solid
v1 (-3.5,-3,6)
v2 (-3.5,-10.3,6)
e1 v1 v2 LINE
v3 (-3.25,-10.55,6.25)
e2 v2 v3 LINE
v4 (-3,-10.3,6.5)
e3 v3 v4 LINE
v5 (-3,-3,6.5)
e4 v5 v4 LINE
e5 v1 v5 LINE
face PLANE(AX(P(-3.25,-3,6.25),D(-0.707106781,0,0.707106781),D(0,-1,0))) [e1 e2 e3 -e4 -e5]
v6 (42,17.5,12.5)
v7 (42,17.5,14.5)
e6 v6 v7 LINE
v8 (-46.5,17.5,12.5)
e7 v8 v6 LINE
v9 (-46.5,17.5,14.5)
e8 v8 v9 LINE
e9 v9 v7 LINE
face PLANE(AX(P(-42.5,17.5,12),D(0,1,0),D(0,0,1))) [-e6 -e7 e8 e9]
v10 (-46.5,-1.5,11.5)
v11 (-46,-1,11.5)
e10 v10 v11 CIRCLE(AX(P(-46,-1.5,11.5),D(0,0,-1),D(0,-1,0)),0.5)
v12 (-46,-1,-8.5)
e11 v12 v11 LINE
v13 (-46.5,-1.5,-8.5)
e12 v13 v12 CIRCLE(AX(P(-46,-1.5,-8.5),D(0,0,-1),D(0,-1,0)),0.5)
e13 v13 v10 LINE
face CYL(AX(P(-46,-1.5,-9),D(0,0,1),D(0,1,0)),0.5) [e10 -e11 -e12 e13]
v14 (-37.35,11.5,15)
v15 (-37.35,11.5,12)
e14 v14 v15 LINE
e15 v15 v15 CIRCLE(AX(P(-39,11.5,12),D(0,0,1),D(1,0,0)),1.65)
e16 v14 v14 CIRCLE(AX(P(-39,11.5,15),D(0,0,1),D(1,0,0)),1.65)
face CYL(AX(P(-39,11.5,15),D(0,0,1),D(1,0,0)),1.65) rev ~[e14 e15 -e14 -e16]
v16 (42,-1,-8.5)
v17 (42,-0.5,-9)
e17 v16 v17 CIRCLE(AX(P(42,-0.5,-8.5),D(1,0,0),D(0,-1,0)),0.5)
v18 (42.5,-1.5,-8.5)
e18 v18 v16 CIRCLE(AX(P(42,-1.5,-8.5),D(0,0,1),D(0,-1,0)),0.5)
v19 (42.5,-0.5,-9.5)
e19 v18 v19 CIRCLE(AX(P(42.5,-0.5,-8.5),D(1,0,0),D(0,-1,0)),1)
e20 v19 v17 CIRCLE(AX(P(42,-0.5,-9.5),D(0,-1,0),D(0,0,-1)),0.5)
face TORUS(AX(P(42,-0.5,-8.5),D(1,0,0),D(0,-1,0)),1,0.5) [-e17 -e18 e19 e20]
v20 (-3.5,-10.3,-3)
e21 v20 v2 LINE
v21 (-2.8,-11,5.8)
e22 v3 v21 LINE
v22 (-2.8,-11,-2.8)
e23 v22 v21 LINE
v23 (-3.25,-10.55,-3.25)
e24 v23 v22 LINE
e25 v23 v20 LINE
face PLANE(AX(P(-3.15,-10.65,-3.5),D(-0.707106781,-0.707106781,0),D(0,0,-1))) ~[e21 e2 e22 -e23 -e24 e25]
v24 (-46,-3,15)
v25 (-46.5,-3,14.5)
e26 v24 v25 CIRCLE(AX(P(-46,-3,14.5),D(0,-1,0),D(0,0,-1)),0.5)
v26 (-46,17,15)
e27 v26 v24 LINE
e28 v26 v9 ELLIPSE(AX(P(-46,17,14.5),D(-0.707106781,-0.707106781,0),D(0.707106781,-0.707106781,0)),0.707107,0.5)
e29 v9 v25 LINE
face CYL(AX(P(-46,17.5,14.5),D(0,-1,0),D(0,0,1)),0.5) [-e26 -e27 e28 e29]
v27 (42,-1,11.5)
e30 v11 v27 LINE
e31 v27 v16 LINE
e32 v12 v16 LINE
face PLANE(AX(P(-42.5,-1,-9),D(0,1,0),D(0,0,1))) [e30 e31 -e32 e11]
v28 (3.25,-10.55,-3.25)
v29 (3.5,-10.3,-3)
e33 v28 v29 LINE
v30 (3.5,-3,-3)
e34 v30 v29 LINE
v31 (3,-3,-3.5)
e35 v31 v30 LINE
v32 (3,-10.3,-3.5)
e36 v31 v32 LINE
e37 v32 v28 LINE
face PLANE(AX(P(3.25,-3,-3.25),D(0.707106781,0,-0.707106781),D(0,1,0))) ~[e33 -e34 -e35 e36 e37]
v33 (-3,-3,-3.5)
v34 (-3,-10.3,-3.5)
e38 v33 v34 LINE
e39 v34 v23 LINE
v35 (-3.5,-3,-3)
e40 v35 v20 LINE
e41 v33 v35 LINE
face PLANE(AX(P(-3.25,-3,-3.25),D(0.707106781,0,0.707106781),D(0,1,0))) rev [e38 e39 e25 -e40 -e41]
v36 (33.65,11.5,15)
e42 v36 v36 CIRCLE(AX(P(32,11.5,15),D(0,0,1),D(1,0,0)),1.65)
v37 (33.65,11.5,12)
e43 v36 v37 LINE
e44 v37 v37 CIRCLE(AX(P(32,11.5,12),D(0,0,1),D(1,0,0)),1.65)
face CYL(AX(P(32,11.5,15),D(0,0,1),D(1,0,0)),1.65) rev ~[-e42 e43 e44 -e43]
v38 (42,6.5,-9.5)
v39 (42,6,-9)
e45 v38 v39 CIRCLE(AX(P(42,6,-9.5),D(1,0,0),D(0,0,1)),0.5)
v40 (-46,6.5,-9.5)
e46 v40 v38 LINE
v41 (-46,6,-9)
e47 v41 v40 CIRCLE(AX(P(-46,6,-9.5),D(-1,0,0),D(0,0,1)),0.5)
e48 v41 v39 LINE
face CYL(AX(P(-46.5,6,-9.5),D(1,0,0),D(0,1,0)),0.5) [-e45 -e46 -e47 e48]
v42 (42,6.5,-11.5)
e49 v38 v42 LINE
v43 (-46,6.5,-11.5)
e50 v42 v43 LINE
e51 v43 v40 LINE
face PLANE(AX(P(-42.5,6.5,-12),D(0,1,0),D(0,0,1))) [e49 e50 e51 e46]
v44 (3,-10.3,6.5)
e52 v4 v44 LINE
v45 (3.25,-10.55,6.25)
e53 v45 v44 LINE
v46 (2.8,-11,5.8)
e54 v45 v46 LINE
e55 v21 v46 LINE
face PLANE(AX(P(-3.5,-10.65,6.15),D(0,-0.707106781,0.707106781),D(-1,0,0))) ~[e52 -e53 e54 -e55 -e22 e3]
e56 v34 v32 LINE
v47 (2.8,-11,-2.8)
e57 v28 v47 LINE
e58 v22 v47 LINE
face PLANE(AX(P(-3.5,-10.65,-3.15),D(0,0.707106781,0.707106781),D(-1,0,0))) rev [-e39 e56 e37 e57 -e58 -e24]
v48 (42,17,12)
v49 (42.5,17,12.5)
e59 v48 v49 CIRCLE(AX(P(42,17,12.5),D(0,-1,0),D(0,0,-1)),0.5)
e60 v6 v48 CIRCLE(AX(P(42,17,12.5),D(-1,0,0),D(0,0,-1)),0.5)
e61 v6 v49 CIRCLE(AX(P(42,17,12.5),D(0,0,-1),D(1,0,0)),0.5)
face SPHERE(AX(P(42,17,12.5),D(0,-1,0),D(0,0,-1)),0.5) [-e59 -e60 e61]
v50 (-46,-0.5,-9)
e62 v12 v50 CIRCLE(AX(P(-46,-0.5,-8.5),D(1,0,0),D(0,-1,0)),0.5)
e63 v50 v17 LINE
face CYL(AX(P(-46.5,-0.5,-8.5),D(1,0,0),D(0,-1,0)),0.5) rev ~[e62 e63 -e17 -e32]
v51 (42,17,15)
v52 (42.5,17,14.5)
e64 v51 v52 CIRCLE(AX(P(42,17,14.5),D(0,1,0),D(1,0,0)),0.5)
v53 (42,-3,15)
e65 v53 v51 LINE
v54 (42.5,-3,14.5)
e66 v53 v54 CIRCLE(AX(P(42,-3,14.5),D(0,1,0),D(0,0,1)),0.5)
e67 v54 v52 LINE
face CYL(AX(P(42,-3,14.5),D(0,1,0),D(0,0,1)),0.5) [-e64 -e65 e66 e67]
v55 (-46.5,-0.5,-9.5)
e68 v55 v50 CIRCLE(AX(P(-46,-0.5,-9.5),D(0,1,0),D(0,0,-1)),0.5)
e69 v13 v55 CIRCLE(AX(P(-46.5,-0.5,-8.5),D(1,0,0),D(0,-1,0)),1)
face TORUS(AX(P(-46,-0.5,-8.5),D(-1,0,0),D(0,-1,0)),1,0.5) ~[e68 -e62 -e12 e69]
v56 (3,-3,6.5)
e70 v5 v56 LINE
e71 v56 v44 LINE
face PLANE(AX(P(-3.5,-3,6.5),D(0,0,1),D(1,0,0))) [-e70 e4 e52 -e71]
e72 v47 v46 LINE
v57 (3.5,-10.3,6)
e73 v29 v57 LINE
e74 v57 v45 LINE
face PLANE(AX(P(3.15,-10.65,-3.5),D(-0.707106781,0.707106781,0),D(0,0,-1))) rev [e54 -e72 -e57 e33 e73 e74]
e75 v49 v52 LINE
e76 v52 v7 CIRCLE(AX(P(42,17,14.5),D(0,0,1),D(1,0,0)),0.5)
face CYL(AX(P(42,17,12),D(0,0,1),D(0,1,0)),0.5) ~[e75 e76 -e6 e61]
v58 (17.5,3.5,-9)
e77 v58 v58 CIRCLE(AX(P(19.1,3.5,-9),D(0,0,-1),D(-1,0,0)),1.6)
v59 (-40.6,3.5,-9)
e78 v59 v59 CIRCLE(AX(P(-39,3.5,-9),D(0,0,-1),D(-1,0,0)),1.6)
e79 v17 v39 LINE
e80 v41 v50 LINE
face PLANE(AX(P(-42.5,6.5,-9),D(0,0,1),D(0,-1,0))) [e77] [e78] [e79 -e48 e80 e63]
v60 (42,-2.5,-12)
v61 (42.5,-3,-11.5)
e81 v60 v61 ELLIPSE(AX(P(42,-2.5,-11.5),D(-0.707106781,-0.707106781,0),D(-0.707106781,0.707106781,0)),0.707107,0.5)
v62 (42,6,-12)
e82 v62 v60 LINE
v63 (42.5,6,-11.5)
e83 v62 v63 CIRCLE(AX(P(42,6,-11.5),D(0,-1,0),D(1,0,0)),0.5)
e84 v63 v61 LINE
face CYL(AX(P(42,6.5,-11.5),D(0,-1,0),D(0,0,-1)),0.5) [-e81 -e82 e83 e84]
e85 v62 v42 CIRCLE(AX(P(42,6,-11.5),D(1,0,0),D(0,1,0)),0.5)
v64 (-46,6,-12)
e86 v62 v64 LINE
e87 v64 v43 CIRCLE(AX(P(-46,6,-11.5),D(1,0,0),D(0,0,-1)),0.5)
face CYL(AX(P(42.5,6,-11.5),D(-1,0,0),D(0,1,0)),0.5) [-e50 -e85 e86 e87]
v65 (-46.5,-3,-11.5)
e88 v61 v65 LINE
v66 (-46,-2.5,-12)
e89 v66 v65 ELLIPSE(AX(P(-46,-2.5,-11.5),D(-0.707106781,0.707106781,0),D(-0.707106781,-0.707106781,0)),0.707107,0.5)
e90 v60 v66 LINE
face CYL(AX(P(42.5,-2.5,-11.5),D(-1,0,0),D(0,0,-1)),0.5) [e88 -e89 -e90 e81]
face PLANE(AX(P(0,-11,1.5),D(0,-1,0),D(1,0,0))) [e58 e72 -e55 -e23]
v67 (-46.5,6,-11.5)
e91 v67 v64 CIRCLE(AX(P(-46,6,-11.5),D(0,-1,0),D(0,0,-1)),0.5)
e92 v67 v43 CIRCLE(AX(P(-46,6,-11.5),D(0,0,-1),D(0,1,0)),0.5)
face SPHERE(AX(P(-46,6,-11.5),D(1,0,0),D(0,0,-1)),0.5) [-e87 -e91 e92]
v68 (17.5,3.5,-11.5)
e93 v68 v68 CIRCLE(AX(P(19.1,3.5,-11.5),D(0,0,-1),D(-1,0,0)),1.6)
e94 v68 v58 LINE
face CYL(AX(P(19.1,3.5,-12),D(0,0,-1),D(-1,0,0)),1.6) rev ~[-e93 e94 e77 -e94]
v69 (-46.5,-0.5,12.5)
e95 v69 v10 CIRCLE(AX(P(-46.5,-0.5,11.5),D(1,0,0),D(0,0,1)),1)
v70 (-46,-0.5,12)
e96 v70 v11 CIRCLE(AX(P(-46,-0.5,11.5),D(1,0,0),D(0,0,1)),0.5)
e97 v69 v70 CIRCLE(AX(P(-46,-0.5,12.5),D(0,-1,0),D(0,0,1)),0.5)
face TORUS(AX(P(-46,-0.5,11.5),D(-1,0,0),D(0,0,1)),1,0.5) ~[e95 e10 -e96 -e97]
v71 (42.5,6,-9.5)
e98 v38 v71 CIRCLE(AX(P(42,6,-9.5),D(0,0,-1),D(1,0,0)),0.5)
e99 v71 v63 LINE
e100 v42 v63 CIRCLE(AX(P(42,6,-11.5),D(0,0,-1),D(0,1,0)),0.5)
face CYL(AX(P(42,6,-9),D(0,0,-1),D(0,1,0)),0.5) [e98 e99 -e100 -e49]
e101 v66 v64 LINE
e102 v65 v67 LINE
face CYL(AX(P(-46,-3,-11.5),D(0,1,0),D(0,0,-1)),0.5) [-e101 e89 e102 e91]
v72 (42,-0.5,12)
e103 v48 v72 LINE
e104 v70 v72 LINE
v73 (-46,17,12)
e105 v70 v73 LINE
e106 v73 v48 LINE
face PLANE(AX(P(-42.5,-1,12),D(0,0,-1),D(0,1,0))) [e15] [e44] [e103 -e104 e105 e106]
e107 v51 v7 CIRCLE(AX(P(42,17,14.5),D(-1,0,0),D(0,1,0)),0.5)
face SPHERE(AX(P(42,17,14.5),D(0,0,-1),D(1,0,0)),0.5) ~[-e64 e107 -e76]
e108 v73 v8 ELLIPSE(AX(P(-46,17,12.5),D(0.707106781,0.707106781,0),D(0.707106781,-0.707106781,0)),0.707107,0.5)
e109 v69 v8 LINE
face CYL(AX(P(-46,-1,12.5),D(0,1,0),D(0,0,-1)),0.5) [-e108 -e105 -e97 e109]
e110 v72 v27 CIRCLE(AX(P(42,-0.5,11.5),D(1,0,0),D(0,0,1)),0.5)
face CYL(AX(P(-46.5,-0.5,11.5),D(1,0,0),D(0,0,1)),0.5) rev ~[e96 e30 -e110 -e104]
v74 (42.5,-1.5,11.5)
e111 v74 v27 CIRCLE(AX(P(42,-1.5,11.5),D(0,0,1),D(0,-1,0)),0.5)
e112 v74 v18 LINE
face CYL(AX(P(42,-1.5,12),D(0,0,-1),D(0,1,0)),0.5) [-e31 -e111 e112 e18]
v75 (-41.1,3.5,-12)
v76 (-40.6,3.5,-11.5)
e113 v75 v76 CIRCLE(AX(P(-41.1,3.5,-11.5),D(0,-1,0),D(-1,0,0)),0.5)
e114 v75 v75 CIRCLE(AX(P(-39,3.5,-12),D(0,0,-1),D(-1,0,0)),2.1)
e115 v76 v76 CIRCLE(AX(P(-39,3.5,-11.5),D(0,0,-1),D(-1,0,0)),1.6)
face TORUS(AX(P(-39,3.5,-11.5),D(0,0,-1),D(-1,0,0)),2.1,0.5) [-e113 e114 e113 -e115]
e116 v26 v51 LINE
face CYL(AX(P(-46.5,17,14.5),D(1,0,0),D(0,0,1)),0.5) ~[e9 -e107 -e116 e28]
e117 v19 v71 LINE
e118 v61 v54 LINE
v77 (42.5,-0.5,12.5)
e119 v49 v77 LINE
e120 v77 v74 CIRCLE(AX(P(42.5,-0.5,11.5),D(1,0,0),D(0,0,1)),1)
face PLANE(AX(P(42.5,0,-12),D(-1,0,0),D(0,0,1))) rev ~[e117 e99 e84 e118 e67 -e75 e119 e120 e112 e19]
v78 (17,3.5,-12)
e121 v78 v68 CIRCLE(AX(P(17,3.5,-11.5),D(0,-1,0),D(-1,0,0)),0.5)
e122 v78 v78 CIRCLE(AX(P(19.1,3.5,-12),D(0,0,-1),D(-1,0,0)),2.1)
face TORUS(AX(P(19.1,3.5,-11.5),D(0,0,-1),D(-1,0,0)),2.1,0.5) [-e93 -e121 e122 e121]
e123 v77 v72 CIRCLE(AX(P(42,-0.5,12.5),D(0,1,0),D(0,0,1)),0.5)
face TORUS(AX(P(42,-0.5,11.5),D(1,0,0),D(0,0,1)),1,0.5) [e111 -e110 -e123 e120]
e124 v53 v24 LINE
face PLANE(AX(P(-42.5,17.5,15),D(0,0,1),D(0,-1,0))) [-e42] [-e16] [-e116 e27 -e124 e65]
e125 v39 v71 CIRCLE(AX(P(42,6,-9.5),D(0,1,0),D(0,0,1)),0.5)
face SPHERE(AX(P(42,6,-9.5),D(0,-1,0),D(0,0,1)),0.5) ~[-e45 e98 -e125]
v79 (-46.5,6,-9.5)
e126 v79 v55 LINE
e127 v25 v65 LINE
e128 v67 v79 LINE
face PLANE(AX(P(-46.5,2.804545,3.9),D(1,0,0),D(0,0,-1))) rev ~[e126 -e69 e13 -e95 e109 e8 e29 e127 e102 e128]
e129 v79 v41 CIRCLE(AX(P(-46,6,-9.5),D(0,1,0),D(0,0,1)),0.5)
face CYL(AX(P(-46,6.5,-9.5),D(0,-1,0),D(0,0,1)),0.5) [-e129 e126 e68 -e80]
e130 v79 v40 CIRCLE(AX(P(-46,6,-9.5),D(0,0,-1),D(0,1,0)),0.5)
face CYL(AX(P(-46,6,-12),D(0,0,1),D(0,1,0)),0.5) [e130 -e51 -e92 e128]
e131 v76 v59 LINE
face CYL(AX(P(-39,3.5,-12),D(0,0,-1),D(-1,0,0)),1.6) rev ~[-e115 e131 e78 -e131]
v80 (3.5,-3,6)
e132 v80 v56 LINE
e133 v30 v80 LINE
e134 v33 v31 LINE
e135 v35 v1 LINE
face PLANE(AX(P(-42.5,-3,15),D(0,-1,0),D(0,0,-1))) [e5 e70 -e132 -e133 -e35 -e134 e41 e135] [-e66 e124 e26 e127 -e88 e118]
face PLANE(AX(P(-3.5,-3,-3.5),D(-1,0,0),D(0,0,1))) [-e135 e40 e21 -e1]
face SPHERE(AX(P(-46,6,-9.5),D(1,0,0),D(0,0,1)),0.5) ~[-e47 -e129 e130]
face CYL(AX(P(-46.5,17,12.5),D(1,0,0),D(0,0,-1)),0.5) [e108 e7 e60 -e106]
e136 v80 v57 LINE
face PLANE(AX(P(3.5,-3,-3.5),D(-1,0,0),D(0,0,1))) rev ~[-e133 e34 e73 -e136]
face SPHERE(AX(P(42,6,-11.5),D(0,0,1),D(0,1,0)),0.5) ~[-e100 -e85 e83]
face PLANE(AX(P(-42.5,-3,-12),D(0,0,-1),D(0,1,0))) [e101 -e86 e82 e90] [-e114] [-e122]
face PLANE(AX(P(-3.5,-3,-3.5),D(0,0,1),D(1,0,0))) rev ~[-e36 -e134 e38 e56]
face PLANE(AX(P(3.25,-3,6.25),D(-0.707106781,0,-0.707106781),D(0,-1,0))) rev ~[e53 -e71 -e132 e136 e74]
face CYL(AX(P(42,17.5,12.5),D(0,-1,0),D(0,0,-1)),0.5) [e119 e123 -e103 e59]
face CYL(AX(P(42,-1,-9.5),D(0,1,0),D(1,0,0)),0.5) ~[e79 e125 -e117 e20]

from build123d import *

# Parameters (mm, degrees)
SKETCH1_W           = 85
SKETCH1_H           = 24
BOSS_EXTRUDE1_DEPTH = 3
SKETCH2_W           = 85
SKETCH2_H           = 17.5
BOSS_EXTRUDE2_DEPTH = 3
SKETCH3_W           = 85
SKETCH3_H           = 3
BOSS_EXTRUDE3_DEPTH = 3.5
SKETCH4_R           = 1.65
CUT_EXTRUDE1_DEPTH  = 3
SKETCH5_R           = 1.6
CUT_EXTRUDE2_DEPTH  = 3
SKETCH6_W           = 85
SKETCH6_H           = 27
BOSS_EXTRUDE4_DEPTH = 3
SKETCH7_W           = 85
SKETCH7_H           = 21
CUT_EXTRUDE3_DEPTH  = 4
BOSS_EXTRUDE5_DEPTH = 4
FILLET4_R           = 0.5
SKETCH9_W           = 7
SKETCH9_H           = 10
BOSS_EXTRUDE6_DEPTH = 8
CHAMFER1_SIZE       = 0.7
CHAMFER2_SIZE       = 0.5


with BuildPart() as part:
    # Sketch1 → Boss-Extrude1 (new body)
    with BuildSketch(Plane(origin=(0, 0, 0), x_dir=(1, 0, 0), z_dir=(0, 1, 0))):
        Rectangle(SKETCH1_W, SKETCH1_H)
    extrude(amount=BOSS_EXTRUDE1_DEPTH)

    # Sketch2 → Boss-Extrude2 (add)
    with BuildSketch(Plane.XY.offset(12)):
        with Locations((0, 8.75)):
            Rectangle(SKETCH2_W, SKETCH2_H)
    extrude(amount=BOSS_EXTRUDE2_DEPTH)

    # Sketch3 → Boss-Extrude3 (add)
    with BuildSketch(Plane(origin=(0, 3, 0), x_dir=(1, 0, 0), z_dir=(0, 1, 0))):
        with Locations((0, 10.5)):
            Rectangle(SKETCH3_W, SKETCH3_H)
    extrude(amount=BOSS_EXTRUDE3_DEPTH)

    # Sketch4 → Cut-Extrude1 (cut)
    with BuildSketch(Plane.XY.offset(15)):
        with Locations((-39, 11.5)):
            Circle(SKETCH4_R)
        with Locations((32, 11.5)):
            Circle(SKETCH4_R)
    extrude(amount=-CUT_EXTRUDE1_DEPTH, mode=Mode.SUBTRACT)

    # Sketch5 → Cut-Extrude2 (cut)
    with BuildSketch(Plane(origin=(0, 0, -12), x_dir=(-1, 0, 0), z_dir=(0, 0, -1))):
        with Locations((39, 3.5)):
            Circle(SKETCH5_R)
        with Locations((-19.1, 3.5)):
            Circle(SKETCH5_R)
    extrude(amount=-CUT_EXTRUDE2_DEPTH, mode=Mode.SUBTRACT)

    # Sketch6 → Boss-Extrude4 (add)
    with BuildSketch(Plane.XZ):
        with Locations((0, 1.5)):
            Rectangle(SKETCH6_W, SKETCH6_H)
    extrude(amount=BOSS_EXTRUDE4_DEPTH)

    # Sketch7 → Cut-Extrude3 (cut)
    with BuildSketch(Plane(origin=(0, 3, 0), x_dir=(1, 0, 0), z_dir=(0, 1, 0))):
        with Locations((0, -1.5)):
            Rectangle(SKETCH7_W, SKETCH7_H)
    extrude(amount=-CUT_EXTRUDE3_DEPTH, mode=Mode.SUBTRACT)

    # Sketch8 → Boss-Extrude5 (add)
    with BuildSketch(Plane.ZY.offset(42.5)):
        Polygon((-12, 6.5), (-9, 6.5), (-9, -1), (12, -1), (12, 17.5), (15, 17.5), (15, -3), (-12, -3), align=None)
    extrude(amount=BOSS_EXTRUDE5_DEPTH)

    # Fillet4
    fillet4_edges = [part.edges().sort_by_distance(p)[0] for p in [
        (42.5, 8.25, 12),
        (-2, 17.5, 12),
        (42.5, 17.5, 13.5),
        (42.5, 7.25, 15),
        (-2, 17.5, 15),
        (42.5, 2.75, -9),
        (-2, 6.5, -9),
        (42.5, 6.5, -10.5),
        (-2, 6.5, -12),
        (-37.4, 3.5, -12),
        (20.7, 3.5, -12),
        (-2, -3, -12),
        (-2, -1, -9),
        (42.5, -1, 1.5),
        (-2, -1, 12),
        (42.5, 1.75, -12),
        (-46.5, 1.75, -12),
        (-46.5, 7.25, 15),
        (-46.5, 8.25, 12),
        (-46.5, -1, 1.5),
        (-46.5, 2.75, -9),
        (-46.5, 6.5, -10.5),
    ]]
    fillet(fillet4_edges, radius=FILLET4_R)

    # Sketch9 → Boss-Extrude6 (add)
    with BuildSketch(Plane.XZ.offset(3)):
        with Locations((0, 1.5)):
            Rectangle(SKETCH9_W, SKETCH9_H)
    extrude(amount=BOSS_EXTRUDE6_DEPTH)

    # Chamfer1
    chamfer1_edges = [part.edges().sort_by_distance(p)[0] for p in [
        (3.5, -11, 1.5),
        (0, -11, 6.5),
        (-3.5, -11, 1.5),
        (0, -11, -3.5),
    ]]
    chamfer(chamfer1_edges, length=CHAMFER1_SIZE)

    # Chamfer2
    chamfer2_edges = [part.edges().sort_by_distance(p)[0] for p in [
        (3.5, -6.65, -3.5),
        (-3.5, -6.65, -3.5),
        (-3.5, -6.65, 6.5),
        (3.5, -6.65, 6.5),
    ]]
    chamfer(chamfer2_edges, length=CHAMFER2_SIZE)


solid = part.part
